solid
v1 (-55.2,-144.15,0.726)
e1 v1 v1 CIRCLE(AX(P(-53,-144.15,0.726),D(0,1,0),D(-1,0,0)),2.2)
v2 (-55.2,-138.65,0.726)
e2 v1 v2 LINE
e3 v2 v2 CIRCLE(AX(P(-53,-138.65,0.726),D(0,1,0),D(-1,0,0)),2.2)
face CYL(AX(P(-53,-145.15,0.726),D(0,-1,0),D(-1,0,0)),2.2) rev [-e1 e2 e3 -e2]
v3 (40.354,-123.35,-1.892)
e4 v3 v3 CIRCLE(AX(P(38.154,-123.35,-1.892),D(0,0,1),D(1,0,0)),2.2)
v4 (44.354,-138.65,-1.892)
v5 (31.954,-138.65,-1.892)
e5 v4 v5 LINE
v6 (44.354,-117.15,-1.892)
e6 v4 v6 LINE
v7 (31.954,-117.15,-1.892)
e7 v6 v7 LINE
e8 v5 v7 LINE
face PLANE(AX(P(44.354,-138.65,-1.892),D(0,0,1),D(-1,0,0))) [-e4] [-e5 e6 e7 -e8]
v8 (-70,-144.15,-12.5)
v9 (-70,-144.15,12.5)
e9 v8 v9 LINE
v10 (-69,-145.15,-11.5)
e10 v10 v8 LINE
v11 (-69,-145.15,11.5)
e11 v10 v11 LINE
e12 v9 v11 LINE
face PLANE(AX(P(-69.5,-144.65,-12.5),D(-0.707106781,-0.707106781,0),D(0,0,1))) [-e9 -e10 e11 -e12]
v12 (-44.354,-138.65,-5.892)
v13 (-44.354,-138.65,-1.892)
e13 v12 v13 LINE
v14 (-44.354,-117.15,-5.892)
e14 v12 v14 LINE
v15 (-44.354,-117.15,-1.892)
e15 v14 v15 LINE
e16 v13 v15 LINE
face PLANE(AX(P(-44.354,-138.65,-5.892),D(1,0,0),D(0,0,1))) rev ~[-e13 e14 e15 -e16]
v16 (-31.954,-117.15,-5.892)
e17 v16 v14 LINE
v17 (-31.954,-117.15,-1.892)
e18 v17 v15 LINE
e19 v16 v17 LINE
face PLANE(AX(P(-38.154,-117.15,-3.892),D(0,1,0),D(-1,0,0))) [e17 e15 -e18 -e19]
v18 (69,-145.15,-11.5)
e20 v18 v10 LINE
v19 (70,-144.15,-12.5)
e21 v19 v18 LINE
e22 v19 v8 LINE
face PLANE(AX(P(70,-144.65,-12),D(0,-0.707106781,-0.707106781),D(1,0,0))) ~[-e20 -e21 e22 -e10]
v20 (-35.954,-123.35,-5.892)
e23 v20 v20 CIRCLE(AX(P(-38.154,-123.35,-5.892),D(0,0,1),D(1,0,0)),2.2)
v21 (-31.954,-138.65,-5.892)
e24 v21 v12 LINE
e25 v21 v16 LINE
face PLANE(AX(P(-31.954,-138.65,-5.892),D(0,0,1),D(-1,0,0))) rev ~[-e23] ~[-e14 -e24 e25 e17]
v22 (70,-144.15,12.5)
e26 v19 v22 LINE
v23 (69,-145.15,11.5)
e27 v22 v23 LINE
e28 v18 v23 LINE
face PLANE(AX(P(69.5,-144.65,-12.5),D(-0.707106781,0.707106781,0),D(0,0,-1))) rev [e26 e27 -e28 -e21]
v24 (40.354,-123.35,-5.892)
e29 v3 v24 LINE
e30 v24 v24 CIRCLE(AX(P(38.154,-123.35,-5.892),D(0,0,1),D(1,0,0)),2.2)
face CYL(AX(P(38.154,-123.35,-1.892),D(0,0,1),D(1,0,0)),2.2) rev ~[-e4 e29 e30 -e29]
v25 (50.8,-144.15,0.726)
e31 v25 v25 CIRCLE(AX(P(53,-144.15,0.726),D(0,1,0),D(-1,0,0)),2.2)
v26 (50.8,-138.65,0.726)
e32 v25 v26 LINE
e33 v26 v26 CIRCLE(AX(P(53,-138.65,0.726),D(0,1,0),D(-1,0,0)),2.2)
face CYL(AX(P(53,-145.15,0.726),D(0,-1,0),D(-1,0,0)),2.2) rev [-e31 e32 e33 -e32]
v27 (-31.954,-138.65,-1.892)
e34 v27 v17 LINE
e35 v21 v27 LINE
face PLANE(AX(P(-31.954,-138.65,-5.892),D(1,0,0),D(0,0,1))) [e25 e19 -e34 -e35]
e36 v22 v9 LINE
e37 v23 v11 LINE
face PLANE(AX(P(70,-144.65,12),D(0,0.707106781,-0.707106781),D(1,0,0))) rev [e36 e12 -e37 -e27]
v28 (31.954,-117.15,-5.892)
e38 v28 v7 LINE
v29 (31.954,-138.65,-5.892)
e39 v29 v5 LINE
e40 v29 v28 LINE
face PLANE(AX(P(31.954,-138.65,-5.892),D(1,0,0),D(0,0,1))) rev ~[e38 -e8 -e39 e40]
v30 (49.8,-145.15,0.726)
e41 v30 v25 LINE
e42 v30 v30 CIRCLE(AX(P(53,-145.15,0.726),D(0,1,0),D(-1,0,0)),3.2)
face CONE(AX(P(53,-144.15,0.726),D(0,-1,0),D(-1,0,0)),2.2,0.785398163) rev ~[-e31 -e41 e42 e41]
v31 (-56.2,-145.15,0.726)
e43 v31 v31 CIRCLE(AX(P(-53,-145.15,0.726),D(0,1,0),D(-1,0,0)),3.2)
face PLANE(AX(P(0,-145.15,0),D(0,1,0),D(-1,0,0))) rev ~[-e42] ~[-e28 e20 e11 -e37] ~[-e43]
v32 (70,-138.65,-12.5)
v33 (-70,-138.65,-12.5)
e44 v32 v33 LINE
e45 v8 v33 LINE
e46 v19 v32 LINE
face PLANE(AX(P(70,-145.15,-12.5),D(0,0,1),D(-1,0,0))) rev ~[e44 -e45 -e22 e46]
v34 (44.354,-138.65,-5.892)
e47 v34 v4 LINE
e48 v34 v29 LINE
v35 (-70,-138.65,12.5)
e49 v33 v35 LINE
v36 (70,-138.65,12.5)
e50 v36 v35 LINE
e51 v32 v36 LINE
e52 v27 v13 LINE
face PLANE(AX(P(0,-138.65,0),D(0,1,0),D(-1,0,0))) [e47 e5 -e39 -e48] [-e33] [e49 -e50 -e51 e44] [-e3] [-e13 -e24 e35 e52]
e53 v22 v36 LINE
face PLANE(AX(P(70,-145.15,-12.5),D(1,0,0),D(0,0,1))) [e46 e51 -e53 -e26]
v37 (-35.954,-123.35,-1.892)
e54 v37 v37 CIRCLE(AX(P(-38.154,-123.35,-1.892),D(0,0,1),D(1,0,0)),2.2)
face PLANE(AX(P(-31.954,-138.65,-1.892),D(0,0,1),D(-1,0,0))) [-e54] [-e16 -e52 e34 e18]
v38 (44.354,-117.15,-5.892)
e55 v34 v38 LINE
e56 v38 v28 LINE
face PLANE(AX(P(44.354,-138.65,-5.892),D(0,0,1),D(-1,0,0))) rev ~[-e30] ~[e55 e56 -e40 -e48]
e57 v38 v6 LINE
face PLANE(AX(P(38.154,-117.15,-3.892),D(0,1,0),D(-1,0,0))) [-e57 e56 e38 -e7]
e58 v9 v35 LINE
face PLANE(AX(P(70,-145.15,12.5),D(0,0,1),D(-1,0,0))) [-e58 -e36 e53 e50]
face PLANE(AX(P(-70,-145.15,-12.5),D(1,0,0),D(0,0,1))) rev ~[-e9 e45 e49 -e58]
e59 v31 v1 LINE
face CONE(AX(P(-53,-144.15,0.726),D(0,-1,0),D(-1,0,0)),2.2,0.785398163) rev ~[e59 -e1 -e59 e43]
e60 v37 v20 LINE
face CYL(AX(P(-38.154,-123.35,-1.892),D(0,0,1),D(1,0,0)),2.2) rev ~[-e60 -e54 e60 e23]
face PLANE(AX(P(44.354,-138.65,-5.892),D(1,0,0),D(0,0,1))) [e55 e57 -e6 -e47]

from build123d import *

# Parameters (mm, degrees)
SKETCH059_W             = 140
SKETCH059_H             = 25
SKETCH059_R             = 2.2
PAD026_DEPTH            = 6.5
SKETCH060_W             = 12.4
SKETCH060_H             = 4
PAD027_DEPTH            = 21.5
SKETCH061_R             = 2.2
POCKET032_DEPTH         = 10.609
CHAMFER024_SIZE         = 1
BODY013_ROLL_ANGLE      = 90
BODY013_PLACEMENT_ANGLE = 180


with BuildPart() as part:
    # Sketch059 → Pad026 (new body)
    with BuildSketch(Plane.XY):
        Rectangle(SKETCH059_W, SKETCH059_H)
        with Locations((-53, 0.726)):
            Circle(SKETCH059_R, mode=Mode.SUBTRACT)
        with Locations((53, 0.726)):
            Circle(SKETCH059_R, mode=Mode.SUBTRACT)
    extrude(amount=PAD026_DEPTH)

    # Sketch060 (on Face8 of Pad026) → Pad027 (join)
    with BuildSketch(Plane.XY.offset(6.5)):
        with Locations((-38.154, -3.892)):
            Rectangle(SKETCH060_W, SKETCH060_H)
        with Locations((38.154, -3.892)):
            Rectangle(SKETCH060_W, SKETCH060_H)
    extrude(amount=PAD027_DEPTH)

    # Sketch061 (on Face12 of Pad027) → Pocket032 (cut, through all)
    with BuildSketch(Plane(origin=(0, -1.892, 0), x_dir=(-1, 0, 0), z_dir=(0, 1, 0))):
        with Locations((-38.154, 21.8)):
            Circle(SKETCH061_R)
        with Locations((38.154, 21.8)):
            Circle(SKETCH061_R)
    extrude(amount=-POCKET032_DEPTH, mode=Mode.SUBTRACT)

    # Chamfer024
    chamfer024_edges = [part.edges().sort_by_distance(p)[0] for p in [
        (0, 12.5, 0),
        (70, 0, 0),
        (0, -12.5, 0),
        (-70, 0, 0),
        (50.8, 0.726, 0),
        (-55.2, 0.726, 0),
    ]]
    chamfer(chamfer024_edges, length=CHAMFER024_SIZE)


with BuildPart() as part_1:
    # Body013 roll: moved
    add(part.part.rotate(Axis((0, 0, 0), (1, 0, 0)), BODY013_ROLL_ANGLE))


with BuildPart() as part_2:
    # Body013 placement: moved
    add(part_1.part.moved(Location((0, -145.15, 0))).rotate(Axis((0, -145.15, 0), (0, 0, 1)), BODY013_PLACEMENT_ANGLE))


solid = part_2.part
